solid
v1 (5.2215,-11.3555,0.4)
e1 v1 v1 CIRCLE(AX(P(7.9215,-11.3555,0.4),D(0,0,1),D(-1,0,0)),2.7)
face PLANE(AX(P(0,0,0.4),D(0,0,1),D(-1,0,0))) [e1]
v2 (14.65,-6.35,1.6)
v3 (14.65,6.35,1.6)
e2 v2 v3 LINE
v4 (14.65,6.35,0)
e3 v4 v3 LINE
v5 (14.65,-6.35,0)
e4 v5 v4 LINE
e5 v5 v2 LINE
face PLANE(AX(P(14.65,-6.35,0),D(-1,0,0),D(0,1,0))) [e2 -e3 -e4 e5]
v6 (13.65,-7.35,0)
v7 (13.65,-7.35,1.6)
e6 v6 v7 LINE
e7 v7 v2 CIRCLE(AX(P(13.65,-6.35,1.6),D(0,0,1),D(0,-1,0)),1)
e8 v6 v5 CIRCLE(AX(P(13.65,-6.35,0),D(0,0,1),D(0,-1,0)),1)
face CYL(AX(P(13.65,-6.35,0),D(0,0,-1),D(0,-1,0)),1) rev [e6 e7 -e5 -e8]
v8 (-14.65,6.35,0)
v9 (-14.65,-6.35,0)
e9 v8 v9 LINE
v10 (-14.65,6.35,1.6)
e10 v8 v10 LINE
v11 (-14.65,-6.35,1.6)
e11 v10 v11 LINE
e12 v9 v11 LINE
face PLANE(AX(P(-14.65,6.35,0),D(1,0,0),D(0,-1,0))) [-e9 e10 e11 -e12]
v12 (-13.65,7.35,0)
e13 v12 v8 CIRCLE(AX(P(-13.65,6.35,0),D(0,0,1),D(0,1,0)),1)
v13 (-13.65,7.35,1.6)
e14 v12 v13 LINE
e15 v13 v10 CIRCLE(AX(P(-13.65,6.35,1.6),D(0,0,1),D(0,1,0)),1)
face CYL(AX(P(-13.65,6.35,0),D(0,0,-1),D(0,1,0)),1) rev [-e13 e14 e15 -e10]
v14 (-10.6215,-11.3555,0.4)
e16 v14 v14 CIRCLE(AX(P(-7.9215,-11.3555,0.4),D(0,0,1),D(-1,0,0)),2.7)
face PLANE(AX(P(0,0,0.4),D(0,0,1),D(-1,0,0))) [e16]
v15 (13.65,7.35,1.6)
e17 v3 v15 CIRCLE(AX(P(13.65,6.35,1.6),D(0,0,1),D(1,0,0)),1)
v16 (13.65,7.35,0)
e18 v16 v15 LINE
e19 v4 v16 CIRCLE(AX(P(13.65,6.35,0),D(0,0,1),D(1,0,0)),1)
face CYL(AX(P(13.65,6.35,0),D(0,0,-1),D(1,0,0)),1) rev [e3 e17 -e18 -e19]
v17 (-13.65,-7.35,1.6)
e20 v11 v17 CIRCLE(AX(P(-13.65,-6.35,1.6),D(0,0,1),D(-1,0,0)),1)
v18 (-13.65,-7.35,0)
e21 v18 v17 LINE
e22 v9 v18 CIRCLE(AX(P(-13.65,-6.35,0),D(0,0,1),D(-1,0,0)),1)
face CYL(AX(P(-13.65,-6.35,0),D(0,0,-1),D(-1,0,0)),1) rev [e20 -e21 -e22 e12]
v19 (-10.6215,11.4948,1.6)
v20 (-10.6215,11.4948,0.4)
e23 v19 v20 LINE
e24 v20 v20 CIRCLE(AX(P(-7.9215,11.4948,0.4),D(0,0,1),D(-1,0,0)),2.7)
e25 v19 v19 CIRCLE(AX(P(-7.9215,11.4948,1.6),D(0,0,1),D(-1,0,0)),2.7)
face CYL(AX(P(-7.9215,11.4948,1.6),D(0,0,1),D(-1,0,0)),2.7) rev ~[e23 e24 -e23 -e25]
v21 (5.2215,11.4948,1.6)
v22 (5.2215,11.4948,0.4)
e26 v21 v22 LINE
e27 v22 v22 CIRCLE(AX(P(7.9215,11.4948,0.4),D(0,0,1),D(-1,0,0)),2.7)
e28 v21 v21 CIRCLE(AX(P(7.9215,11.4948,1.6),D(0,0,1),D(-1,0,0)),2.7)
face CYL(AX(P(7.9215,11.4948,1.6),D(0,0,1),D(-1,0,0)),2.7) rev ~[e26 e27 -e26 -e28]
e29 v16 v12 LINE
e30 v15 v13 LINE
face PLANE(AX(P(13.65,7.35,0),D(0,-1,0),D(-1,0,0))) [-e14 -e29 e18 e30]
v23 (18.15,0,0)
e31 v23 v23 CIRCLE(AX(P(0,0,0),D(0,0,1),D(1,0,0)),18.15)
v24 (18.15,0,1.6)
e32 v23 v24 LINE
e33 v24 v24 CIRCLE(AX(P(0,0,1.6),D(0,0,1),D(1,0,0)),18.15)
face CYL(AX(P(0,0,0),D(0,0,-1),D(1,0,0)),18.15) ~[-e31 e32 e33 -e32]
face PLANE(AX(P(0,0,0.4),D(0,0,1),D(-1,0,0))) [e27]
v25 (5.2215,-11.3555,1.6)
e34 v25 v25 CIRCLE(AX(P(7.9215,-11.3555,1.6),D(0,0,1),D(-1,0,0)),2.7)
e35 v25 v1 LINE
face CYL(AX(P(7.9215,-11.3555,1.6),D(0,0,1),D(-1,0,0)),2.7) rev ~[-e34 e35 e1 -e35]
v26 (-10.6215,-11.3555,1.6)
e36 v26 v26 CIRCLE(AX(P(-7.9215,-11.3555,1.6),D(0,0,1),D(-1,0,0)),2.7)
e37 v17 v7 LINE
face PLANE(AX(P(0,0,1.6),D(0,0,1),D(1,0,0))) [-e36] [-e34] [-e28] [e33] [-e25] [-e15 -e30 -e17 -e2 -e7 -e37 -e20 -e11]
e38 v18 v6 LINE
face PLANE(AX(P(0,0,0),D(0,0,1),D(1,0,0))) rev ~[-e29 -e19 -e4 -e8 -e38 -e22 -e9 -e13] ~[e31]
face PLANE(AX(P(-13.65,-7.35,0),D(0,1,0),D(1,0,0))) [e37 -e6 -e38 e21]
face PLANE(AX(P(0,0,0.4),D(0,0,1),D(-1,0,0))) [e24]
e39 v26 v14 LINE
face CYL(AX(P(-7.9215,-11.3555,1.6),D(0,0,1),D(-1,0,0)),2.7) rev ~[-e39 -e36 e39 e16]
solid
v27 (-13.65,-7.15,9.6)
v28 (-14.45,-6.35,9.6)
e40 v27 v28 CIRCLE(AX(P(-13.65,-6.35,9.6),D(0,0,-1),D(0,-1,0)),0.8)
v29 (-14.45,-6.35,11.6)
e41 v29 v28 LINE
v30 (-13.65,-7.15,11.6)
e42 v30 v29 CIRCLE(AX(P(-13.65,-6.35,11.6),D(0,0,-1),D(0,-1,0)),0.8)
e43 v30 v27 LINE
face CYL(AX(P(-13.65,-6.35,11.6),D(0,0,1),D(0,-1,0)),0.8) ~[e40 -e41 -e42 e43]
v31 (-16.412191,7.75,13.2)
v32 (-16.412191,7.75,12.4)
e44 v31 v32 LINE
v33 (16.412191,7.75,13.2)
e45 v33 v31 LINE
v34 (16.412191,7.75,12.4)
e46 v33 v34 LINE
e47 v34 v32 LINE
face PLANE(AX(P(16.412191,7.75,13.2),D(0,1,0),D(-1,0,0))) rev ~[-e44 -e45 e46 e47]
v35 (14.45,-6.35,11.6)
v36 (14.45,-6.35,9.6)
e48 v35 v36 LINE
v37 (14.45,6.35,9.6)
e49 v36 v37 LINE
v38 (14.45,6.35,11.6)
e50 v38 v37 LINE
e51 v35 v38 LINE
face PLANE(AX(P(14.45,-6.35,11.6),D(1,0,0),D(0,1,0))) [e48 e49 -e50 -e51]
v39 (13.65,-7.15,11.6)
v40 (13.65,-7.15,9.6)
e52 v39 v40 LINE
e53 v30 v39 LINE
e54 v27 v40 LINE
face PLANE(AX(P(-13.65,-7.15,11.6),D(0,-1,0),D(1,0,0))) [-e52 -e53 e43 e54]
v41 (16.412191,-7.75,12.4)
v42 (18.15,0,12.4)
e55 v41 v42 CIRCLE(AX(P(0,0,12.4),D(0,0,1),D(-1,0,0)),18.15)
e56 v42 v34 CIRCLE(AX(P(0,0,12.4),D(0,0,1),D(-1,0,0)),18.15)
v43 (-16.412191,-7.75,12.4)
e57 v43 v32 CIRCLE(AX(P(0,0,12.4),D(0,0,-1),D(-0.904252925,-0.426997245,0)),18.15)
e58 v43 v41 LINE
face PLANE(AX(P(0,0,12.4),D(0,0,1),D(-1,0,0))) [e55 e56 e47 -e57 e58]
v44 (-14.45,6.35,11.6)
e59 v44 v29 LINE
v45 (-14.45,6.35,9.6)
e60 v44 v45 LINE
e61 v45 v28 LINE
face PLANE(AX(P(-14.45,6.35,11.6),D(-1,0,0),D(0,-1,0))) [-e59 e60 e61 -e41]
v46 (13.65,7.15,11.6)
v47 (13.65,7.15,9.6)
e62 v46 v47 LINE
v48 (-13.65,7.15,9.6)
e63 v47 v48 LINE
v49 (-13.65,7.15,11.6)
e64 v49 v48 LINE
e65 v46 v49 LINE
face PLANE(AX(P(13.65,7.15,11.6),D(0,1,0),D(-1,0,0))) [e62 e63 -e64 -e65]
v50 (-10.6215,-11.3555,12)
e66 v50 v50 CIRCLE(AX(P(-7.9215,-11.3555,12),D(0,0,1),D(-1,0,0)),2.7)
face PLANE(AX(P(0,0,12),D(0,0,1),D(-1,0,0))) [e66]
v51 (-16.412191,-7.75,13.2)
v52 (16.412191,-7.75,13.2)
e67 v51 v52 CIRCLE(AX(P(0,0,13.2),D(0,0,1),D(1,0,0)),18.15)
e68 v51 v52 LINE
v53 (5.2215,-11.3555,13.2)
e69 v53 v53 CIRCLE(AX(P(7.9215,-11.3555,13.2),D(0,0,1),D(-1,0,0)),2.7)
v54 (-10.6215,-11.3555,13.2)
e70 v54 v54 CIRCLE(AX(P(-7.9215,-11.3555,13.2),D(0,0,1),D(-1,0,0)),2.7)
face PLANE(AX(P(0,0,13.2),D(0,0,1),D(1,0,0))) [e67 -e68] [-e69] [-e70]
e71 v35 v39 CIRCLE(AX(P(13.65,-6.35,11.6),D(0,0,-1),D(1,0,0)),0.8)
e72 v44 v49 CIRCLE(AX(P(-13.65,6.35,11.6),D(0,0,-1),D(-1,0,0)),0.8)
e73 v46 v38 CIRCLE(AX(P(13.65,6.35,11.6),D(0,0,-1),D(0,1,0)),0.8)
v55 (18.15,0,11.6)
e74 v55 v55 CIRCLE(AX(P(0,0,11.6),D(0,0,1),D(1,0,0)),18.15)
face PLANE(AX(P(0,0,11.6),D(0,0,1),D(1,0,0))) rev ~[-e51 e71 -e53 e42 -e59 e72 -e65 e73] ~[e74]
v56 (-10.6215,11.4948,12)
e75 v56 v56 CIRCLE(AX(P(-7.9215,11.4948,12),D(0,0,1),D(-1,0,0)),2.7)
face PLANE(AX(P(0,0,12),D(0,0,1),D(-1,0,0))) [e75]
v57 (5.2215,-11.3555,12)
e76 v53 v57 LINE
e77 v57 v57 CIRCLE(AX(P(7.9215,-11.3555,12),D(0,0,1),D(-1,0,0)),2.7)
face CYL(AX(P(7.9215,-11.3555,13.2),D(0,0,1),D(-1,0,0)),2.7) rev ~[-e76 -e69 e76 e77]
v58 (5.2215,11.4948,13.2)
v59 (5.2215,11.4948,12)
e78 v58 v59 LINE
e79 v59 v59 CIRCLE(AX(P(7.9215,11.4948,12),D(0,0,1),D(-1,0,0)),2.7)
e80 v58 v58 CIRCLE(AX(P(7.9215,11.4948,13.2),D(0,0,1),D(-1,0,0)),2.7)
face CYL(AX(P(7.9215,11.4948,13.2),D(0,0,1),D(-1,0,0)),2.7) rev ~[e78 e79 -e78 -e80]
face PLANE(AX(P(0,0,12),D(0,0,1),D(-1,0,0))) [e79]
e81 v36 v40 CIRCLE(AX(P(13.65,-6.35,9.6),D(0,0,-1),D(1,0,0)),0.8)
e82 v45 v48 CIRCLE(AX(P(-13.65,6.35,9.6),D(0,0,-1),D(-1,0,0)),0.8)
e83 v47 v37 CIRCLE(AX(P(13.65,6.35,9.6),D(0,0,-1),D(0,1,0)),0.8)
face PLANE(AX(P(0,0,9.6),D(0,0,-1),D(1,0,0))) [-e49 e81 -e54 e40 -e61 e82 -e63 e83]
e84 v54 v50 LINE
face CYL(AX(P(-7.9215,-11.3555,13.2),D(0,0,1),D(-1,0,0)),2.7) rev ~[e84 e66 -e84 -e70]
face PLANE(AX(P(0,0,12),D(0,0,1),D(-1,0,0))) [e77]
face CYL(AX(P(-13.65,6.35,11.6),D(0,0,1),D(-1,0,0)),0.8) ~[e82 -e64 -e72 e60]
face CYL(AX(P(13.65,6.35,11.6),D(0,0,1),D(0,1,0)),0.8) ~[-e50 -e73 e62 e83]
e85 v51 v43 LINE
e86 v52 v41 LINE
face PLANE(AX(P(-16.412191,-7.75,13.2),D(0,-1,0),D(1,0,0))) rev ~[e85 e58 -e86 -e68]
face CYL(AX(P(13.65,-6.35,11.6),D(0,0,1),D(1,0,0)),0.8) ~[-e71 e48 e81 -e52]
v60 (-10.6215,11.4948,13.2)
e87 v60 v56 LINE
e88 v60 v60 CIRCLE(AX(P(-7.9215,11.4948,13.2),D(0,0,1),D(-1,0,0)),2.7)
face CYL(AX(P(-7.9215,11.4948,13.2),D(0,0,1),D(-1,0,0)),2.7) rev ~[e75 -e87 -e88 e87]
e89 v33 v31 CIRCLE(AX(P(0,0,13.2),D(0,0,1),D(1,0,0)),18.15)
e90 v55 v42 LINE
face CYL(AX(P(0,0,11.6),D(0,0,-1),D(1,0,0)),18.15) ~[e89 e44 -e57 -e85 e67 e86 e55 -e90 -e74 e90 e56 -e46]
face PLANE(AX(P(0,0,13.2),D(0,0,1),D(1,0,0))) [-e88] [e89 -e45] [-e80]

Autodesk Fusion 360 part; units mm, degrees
sketch "Sketch1" plane through (0, 0, 0) normal (0, 0, 1) x (1, 0, 0) in component "Button"
  circle A0 centre (0, 0) radius 18.15
  line L0 (13.65, 7.35) -> (-13.65, 7.35)
  line L1 (-14.65, 6.35) -> (-14.65, -6.35)
  line L2 (-13.65, -7.35) -> (13.65, -7.35)
  line L3 (14.65, -6.35) -> (14.65, 6.35)
  line L4 (14.65, 7.35) -> (-14.65, -7.35) construction
  line L5 (-14.65, 7.35) -> (14.65, -7.35) construction
  arc A1 (14.65, 6.35) -> (13.65, 7.35) centre (13.65, 6.35) ccw
  arc A2 (13.65, -7.35) -> (14.65, -6.35) centre (13.65, -6.35) ccw
  arc A3 (-14.65, -6.35) -> (-13.65, -7.35) centre (-13.65, -6.35) ccw
  arc A4 (-13.65, 7.35) -> (-14.65, 6.35) centre (-13.65, 6.35) ccw
  dimension "d1" = 36.3
  dimension "d2" = 29.3
  dimension "d3" = 14.7
  dimension "d4" = 1
  dimension "d5" = 1
  dimension "d6" = 1
  dimension "d7" = 1
extrude "Extrude1" add sketch "Sketch1" along normal blind 1.6 makes body 1 in component "Button"
sketch "Sketch2" plane through (0, 0, 1.6) normal (0, 0, 1) x (-1, 0, 0) in component "Button"
  arc A0 (13.65, -7.35) -> (14.65, -6.35) centre (13.65, -6.35) ccw
  line L0 (13.65, -7.35) -> (-13.65, -7.35)
  arc A1 (-14.65, -6.35) -> (-13.65, -7.35) centre (-13.65, -6.35) ccw
  line L1 (-14.65, -6.35) -> (-14.65, 6.35)
  arc A2 (-13.65, 7.35) -> (-14.65, 6.35) centre (-13.65, 6.35) ccw
  line L2 (-13.65, 7.35) -> (13.65, 7.35)
  arc A3 (14.65, 6.35) -> (13.65, 7.35) centre (13.65, 6.35) ccw
  line L3 (14.65, 6.35) -> (14.65, -6.35)
  circle A4 centre (0, 0) radius 18.15
  circle A5 centre (7.9215, -11.4948) radius 2.7
  line L4 (0, -18.15) -> (0, 18.15) construction
  line L5 (18.1499, -0.0697) -> (-18.1499, -0.0697) construction
  circle A6 centre (-7.9215, -11.4948) radius 2.7
  circle A7 centre (7.9215, 11.3555) radius 2.7
  circle A8 centre (-7.9215, 11.3555) radius 2.7
  dimension "d10" = 5.4
extrude "Extrude2" cut sketch "Sketch2" against normal blind 1.2 contours A5 | A6 | A7 | A8 bodies 1 in component "Button"
copy_body "CutPasteBodies1" bodies 1 removing the originals makes body 2 in component "Button"
ref_plane "WorkPlane1" through (0, 0, 11.6) normal (0, 0, 1) x (-1, 0, 0) in component "Wall plate (1)"
sketch "Sketch3" plane through (0, 0, 11.6) normal (0, 0, 1) x (1, 0, 0) in component "Wall plate (1)"
  circle A0 centre (0, 0) radius 18.15
extrude "Extrude1'" add sketch "Sketch3" along normal blind 1.6 separate body makes body 3 in component "Wall plate (1)"
sketch "Sketch4" plane through (0, 0, 11.6) normal (0, 0, -1) x (1, 0, 0) in component "Wall plate (1)"
  circle A0 centre (0, 0) radius 18.15
  arc A1 (-14.65, -6.35) -> (-13.65, -7.35) centre (-13.65, -6.35) ccw
  line L0 (-14.65, -6.35) -> (-14.65, 6.35)
  arc A2 (-13.65, 7.35) -> (-14.65, 6.35) centre (-13.65, 6.35) ccw
  line L1 (-13.65, 7.35) -> (13.65, 7.35)
  arc A3 (14.65, 6.35) -> (13.65, 7.35) centre (13.65, 6.35) ccw
  line L2 (14.65, 6.35) -> (14.65, -6.35)
  arc A4 (13.65, -7.35) -> (14.65, -6.35) centre (13.65, -6.35) ccw
  line L3 (13.65, -7.35) -> (-13.65, -7.35)
  circle A5 centre (0, 0) radius 18.15
  line L4 (-13.65, 7.15) -> (13.65, 7.15)
  arc A6 (14.45, 6.35) -> (13.65, 7.15) centre (13.65, 6.35) ccw
  line L5 (14.45, 6.35) -> (14.45, -6.35)
  arc A7 (13.65, -7.15) -> (14.45, -6.35) centre (13.65, -6.35) ccw
  line L6 (13.65, -7.15) -> (-13.65, -7.15)
  arc A8 (-14.45, -6.35) -> (-13.65, -7.15) centre (-13.65, -6.35) ccw
  line L7 (-14.45, -6.35) -> (-14.45, 6.35)
  arc A9 (-13.65, 7.15) -> (-14.45, 6.35) centre (-13.65, 6.35) ccw
  dimension "d31" = -0.2
extrude "Extrude2'" add sketch "Sketch4" along normal blind 2 contours L4 A6 L5 A7 L6 A8 L7 A9 bodies 3 in component "Wall plate (1)"
sketch "Sketch5" plane through (0, 0, 13.2) normal (0, 0, 1) x (-1, 0, 0) in component "Wall plate (1)"
  circle A0 centre (0, 0) radius 18.15
  circle A1 centre (-7.9215, 11.3555) radius 2.7
  circle A2 centre (7.9215, 11.3555) radius 2.7
  circle A3 centre (7.9215, -11.4948) radius 2.7
  circle A4 centre (-7.9215, -11.4948) radius 2.7
  line L0 (-23.5, -7.75) -> (23.5, -7.75)
  line L1 (23.5, -7.75) -> (23.5, 7.75)
  line L2 (23.5, 7.75) -> (-23.5, 7.75)
  line L3 (-23.5, 7.75) -> (-23.5, -7.75)
  line L4 (-23.5, -7.75) -> (23.5, 7.75) construction
  line L5 (23.5, -7.75) -> (-23.5, 7.75) construction
  dimension "d36" = 47
  dimension "d37" = 15.5
extrude "Extrude3" cut sketch "Sketch5" against normal blind 1.2 contours A1 | A2 | A3 | A4 bodies 3 in component "Wall plate (1)"
extrude "Extrude4" cut sketch "Sketch5" against normal blind 0.8 contours A0 L0 L2 bodies 3 in component "Wall plate (1)"
sketch "Sketch2 (2)" plane through (0, 0, 11.6) normal (0, 0, 1) x (1, 0, 0) in component "Wall plate (1)"
  circle A0 centre (7.9215, 11.4948) radius 2.7
  circle A1 centre (7.9215, -11.3555) radius 2.7
  circle A2 centre (-7.9215, 11.4948) radius 2.7
  circle A3 centre (-7.9215, -11.3555) radius 2.7
  arc A4 (-13.65, 7.35) -> (-14.65, 6.35) centre (-13.65, 6.35) ccw
  line L0 (-13.65, 7.35) -> (13.65, 7.35)
  arc A5 (14.65, 6.35) -> (13.65, 7.35) centre (13.65, 6.35) ccw
  line L1 (14.65, 6.35) -> (14.65, -6.35)
  arc A6 (13.65, -7.35) -> (14.65, -6.35) centre (13.65, -6.35) ccw
  line L2 (13.65, -7.35) -> (-13.65, -7.35)
  arc A7 (-14.65, -6.35) -> (-13.65, -7.35) centre (-13.65, -6.35) ccw
  line L3 (-14.65, -6.35) -> (-14.65, 6.35)
  circle A8 centre (0, 0) radius 18.15
  arc A9 (14.45, 6.35) -> (13.65, 7.15) centre (13.65, 6.35) ccw
  line L4 (-13.65, 7.15) -> (13.65, 7.15)
  arc A10 (-13.65, 7.15) -> (-14.45, 6.35) centre (-13.65, 6.35) ccw
  line L5 (-14.45, -6.35) -> (-14.45, 6.35)
  arc A11 (-14.45, -6.35) -> (-13.65, -7.15) centre (-13.65, -6.35) ccw
  line L6 (13.65, -7.15) -> (-13.65, -7.15)
  arc A12 (13.65, -7.15) -> (14.45, -6.35) centre (13.65, -6.35) ccw
  line L7 (14.45, 6.35) -> (14.45, -6.35)
  dimension "d28" = 0.2
sketch "Sketch1 (2)" plane through (0, 0, 1.6) normal (0, 0, 1) x (-1, 0, 0) in component "Wall plate (1)"
component "Button" placed x (1, 0, 0) y (0, 1, 0) z (0, 0, 1) at (0, 0, 0)
component "Wall plate (1)" placed x (1, 0, 0) y (0, 1, 0) z (0, 0, 1) at (0, 0, 0)
properties part number "Wall plate"
